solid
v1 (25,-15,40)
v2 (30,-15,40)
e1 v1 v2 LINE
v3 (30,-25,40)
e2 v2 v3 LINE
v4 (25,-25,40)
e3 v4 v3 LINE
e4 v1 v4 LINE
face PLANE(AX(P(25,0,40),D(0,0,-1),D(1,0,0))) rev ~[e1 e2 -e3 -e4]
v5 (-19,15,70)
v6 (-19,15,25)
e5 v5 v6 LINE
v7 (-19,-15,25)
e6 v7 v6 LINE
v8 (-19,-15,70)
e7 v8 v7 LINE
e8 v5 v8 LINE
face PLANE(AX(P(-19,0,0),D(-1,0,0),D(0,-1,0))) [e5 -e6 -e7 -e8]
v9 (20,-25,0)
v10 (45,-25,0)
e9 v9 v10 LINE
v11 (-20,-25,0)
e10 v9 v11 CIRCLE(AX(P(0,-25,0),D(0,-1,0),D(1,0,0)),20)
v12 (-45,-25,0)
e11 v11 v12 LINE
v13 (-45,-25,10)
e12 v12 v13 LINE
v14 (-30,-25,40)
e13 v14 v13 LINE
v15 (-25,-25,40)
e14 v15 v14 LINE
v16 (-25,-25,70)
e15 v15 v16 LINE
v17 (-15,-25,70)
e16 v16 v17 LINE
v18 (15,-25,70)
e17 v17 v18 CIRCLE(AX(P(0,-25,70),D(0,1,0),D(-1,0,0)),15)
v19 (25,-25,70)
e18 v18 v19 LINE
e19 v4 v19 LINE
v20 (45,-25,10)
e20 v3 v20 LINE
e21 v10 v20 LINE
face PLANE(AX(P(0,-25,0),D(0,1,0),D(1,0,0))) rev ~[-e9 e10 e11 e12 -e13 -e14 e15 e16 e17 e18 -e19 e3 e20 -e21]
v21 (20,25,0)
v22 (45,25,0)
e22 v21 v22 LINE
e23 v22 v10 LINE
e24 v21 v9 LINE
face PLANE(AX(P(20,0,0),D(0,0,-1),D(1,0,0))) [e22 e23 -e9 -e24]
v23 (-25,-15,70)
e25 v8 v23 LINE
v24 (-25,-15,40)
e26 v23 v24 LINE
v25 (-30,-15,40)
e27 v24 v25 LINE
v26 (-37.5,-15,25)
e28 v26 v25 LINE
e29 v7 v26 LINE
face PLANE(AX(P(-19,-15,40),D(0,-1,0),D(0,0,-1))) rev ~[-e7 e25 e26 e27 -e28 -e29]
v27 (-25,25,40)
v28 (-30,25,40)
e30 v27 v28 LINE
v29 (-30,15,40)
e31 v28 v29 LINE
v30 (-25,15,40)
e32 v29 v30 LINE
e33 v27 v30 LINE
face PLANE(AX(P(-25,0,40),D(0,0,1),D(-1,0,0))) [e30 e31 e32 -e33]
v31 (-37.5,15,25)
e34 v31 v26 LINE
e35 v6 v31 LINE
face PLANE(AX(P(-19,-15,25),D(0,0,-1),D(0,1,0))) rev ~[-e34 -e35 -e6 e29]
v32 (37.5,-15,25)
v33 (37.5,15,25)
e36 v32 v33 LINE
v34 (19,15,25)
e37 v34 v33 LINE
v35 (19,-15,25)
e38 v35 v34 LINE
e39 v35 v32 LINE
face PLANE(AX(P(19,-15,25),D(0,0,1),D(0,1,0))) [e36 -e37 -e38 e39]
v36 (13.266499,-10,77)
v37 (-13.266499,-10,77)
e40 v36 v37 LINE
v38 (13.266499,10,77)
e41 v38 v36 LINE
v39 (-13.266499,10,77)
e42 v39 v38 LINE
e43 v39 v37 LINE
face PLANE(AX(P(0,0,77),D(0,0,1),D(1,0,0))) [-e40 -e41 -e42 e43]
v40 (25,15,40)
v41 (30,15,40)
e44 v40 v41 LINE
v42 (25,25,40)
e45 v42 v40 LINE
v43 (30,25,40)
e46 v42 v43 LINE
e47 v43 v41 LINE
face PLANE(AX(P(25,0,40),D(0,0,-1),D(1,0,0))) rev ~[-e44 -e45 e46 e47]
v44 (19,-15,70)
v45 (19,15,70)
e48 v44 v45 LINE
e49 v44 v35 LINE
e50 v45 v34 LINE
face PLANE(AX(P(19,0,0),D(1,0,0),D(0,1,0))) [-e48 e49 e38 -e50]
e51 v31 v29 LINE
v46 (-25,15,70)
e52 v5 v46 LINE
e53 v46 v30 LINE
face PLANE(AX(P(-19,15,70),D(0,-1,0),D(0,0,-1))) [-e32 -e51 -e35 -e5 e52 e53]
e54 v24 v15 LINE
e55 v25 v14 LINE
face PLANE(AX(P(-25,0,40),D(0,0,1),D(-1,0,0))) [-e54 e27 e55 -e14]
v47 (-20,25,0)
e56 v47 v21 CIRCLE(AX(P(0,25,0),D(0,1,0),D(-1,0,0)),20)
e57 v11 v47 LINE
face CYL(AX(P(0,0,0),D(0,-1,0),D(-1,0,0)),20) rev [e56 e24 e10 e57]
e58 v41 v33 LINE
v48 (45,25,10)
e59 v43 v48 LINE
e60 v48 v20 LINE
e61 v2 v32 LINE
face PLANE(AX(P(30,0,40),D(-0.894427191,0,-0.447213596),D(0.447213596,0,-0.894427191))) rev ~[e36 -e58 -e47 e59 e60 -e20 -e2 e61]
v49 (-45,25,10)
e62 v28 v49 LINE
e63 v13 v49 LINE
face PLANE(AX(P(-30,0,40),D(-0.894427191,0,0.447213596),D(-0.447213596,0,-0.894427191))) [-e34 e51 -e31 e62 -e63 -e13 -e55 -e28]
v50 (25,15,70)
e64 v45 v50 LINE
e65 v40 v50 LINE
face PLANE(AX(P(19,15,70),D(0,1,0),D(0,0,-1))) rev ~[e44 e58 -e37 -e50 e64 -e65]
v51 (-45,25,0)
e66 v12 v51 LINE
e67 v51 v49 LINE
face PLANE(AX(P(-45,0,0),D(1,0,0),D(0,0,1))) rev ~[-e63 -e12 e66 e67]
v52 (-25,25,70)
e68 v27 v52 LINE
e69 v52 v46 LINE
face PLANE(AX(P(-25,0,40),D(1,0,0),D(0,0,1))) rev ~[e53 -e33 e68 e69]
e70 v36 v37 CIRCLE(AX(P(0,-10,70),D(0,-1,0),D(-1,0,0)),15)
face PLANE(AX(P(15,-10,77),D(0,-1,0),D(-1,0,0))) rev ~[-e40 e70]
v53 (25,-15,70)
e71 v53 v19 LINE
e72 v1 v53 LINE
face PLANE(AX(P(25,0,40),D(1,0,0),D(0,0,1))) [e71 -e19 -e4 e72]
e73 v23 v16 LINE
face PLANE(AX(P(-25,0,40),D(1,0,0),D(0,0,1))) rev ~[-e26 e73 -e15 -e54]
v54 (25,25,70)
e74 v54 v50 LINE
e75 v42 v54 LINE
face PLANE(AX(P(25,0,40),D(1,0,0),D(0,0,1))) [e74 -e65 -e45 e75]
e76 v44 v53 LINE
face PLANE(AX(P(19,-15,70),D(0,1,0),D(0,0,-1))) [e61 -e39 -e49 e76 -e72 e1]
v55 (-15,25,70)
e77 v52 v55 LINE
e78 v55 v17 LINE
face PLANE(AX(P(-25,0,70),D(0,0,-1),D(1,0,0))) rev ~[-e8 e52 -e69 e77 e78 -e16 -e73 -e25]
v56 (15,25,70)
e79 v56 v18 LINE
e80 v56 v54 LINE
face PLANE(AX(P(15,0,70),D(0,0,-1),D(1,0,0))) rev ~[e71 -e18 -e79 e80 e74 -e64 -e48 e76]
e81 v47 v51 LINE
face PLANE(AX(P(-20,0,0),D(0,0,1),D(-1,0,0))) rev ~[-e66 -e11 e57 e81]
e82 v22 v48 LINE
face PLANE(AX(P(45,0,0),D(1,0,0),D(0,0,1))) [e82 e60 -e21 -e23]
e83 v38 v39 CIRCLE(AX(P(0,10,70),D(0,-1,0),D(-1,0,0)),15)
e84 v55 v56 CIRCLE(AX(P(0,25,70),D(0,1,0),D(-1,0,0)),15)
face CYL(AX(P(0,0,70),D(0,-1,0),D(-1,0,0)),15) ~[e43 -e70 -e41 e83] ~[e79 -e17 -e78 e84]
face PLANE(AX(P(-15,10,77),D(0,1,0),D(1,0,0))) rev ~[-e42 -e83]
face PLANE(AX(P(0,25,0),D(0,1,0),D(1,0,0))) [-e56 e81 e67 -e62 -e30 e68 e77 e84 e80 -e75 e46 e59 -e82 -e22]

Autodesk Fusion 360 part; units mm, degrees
sketch "Sketch1" plane through (0, 0, 0) normal (0, 1, 0) x (1, 0, 0)
  line L0 (-20, 0) -> (-45, 0)
  line L1 (-45, 0) -> (-45, -10)
  line L2 (45, 0) -> (45, -10)
  arc A0 (-20, 0) -> (20, 0) centre (0, 0) ccw
  line L3 (20, 0) -> (45, 0)
  line L4 (0, 0) -> (0, -40)
  line L5 (25, -40) -> (30, -40)
  line L6 (-25, -40) -> (-30, -40)
  line L7 (-30, -40) -> (-45, -10)
  line L8 (30, -40) -> (45, -10)
  line L9 (-25, -40) -> (-25, -70)
  line L10 (25, -40) -> (25, -70)
  arc A1 (-15, -70) -> (15, -70) centre (0, -70) ccw
  line L11 (-25, -70) -> (-15, -70)
  line L12 (15, -70) -> (25, -70)
  dimension "d1" = 45
  dimension "d2" = 45
  dimension "d3" = 40
  dimension "d4" = 10
  dimension "d5" = 10
  dimension "d6" = 40
  dimension "d7" = 30
  dimension "d8" = 30
  dimension "d9" = 25
  dimension "d10" = 25
  dimension "d11" = 30
  dimension "d12" = 30
  dimension "d13" = 30
extrude "Extrude1" add sketch "Sketch1" along normal mid plane 50
sketch "Sketch2" plane through (-45, 0, 0) normal (-1, 0, 0) x (0, -1, 0)
  line L0 (25, 10) -> (-25, 10)
  line L1 (-25, 10) -> (-25, 0)
  line L2 (-25, 0) -> (25, 0)
  line L3 (25, 0) -> (25, 10)
  line L4 (-15, 70) -> (15, 70)
  line L5 (15, 70) -> (15, 40)
  line L6 (-15, 70) -> (-15, 25)
  line L7 (15, 70) -> (15, 25)
  line L8 (15, 25) -> (-15, 25)
  dimension "d17" = 30
  dimension "d19" = 30
  dimension "d20" = 45
  dimension "d21" = 45
extrude "Extrude2" cut sketch "Sketch2" along normal blind 30 from surface at -26 contours L4 L5 L6 L7 L8
sketch "Sketch4" plane through (0, 0, 0) normal (1, 0, 0) x (0, 1, 0)
  line L0 (-15, 70) -> (15, 70)
  line L1 (15, 70) -> (15, 25)
  line L2 (-15, 70) -> (-15, 25)
  line L3 (-15, 25) -> (15, 25)
  dimension "d30" = 30
  dimension "d31" = 45
  dimension "d32" = 45
  dimension "d33" = 30
extrude "Extrude3" cut sketch "Sketch4" along normal blind 20 from surface at 19
sketch "Sketch5" plane through (0, 0, 0) normal (0, 0, 1) x (1, 0, 0)
  line L0 (-15, -10) -> (-15, 10)
  line L1 (-15, 10) -> (15, 10)
  line L2 (15, 10) -> (15, -10)
  line L3 (15, -10) -> (-15, -10)
  dimension "d38" = 20
  dimension "d40" = 20
extrude "Extrude4" cut sketch "Sketch5" along normal blind 10 from surface at 77
